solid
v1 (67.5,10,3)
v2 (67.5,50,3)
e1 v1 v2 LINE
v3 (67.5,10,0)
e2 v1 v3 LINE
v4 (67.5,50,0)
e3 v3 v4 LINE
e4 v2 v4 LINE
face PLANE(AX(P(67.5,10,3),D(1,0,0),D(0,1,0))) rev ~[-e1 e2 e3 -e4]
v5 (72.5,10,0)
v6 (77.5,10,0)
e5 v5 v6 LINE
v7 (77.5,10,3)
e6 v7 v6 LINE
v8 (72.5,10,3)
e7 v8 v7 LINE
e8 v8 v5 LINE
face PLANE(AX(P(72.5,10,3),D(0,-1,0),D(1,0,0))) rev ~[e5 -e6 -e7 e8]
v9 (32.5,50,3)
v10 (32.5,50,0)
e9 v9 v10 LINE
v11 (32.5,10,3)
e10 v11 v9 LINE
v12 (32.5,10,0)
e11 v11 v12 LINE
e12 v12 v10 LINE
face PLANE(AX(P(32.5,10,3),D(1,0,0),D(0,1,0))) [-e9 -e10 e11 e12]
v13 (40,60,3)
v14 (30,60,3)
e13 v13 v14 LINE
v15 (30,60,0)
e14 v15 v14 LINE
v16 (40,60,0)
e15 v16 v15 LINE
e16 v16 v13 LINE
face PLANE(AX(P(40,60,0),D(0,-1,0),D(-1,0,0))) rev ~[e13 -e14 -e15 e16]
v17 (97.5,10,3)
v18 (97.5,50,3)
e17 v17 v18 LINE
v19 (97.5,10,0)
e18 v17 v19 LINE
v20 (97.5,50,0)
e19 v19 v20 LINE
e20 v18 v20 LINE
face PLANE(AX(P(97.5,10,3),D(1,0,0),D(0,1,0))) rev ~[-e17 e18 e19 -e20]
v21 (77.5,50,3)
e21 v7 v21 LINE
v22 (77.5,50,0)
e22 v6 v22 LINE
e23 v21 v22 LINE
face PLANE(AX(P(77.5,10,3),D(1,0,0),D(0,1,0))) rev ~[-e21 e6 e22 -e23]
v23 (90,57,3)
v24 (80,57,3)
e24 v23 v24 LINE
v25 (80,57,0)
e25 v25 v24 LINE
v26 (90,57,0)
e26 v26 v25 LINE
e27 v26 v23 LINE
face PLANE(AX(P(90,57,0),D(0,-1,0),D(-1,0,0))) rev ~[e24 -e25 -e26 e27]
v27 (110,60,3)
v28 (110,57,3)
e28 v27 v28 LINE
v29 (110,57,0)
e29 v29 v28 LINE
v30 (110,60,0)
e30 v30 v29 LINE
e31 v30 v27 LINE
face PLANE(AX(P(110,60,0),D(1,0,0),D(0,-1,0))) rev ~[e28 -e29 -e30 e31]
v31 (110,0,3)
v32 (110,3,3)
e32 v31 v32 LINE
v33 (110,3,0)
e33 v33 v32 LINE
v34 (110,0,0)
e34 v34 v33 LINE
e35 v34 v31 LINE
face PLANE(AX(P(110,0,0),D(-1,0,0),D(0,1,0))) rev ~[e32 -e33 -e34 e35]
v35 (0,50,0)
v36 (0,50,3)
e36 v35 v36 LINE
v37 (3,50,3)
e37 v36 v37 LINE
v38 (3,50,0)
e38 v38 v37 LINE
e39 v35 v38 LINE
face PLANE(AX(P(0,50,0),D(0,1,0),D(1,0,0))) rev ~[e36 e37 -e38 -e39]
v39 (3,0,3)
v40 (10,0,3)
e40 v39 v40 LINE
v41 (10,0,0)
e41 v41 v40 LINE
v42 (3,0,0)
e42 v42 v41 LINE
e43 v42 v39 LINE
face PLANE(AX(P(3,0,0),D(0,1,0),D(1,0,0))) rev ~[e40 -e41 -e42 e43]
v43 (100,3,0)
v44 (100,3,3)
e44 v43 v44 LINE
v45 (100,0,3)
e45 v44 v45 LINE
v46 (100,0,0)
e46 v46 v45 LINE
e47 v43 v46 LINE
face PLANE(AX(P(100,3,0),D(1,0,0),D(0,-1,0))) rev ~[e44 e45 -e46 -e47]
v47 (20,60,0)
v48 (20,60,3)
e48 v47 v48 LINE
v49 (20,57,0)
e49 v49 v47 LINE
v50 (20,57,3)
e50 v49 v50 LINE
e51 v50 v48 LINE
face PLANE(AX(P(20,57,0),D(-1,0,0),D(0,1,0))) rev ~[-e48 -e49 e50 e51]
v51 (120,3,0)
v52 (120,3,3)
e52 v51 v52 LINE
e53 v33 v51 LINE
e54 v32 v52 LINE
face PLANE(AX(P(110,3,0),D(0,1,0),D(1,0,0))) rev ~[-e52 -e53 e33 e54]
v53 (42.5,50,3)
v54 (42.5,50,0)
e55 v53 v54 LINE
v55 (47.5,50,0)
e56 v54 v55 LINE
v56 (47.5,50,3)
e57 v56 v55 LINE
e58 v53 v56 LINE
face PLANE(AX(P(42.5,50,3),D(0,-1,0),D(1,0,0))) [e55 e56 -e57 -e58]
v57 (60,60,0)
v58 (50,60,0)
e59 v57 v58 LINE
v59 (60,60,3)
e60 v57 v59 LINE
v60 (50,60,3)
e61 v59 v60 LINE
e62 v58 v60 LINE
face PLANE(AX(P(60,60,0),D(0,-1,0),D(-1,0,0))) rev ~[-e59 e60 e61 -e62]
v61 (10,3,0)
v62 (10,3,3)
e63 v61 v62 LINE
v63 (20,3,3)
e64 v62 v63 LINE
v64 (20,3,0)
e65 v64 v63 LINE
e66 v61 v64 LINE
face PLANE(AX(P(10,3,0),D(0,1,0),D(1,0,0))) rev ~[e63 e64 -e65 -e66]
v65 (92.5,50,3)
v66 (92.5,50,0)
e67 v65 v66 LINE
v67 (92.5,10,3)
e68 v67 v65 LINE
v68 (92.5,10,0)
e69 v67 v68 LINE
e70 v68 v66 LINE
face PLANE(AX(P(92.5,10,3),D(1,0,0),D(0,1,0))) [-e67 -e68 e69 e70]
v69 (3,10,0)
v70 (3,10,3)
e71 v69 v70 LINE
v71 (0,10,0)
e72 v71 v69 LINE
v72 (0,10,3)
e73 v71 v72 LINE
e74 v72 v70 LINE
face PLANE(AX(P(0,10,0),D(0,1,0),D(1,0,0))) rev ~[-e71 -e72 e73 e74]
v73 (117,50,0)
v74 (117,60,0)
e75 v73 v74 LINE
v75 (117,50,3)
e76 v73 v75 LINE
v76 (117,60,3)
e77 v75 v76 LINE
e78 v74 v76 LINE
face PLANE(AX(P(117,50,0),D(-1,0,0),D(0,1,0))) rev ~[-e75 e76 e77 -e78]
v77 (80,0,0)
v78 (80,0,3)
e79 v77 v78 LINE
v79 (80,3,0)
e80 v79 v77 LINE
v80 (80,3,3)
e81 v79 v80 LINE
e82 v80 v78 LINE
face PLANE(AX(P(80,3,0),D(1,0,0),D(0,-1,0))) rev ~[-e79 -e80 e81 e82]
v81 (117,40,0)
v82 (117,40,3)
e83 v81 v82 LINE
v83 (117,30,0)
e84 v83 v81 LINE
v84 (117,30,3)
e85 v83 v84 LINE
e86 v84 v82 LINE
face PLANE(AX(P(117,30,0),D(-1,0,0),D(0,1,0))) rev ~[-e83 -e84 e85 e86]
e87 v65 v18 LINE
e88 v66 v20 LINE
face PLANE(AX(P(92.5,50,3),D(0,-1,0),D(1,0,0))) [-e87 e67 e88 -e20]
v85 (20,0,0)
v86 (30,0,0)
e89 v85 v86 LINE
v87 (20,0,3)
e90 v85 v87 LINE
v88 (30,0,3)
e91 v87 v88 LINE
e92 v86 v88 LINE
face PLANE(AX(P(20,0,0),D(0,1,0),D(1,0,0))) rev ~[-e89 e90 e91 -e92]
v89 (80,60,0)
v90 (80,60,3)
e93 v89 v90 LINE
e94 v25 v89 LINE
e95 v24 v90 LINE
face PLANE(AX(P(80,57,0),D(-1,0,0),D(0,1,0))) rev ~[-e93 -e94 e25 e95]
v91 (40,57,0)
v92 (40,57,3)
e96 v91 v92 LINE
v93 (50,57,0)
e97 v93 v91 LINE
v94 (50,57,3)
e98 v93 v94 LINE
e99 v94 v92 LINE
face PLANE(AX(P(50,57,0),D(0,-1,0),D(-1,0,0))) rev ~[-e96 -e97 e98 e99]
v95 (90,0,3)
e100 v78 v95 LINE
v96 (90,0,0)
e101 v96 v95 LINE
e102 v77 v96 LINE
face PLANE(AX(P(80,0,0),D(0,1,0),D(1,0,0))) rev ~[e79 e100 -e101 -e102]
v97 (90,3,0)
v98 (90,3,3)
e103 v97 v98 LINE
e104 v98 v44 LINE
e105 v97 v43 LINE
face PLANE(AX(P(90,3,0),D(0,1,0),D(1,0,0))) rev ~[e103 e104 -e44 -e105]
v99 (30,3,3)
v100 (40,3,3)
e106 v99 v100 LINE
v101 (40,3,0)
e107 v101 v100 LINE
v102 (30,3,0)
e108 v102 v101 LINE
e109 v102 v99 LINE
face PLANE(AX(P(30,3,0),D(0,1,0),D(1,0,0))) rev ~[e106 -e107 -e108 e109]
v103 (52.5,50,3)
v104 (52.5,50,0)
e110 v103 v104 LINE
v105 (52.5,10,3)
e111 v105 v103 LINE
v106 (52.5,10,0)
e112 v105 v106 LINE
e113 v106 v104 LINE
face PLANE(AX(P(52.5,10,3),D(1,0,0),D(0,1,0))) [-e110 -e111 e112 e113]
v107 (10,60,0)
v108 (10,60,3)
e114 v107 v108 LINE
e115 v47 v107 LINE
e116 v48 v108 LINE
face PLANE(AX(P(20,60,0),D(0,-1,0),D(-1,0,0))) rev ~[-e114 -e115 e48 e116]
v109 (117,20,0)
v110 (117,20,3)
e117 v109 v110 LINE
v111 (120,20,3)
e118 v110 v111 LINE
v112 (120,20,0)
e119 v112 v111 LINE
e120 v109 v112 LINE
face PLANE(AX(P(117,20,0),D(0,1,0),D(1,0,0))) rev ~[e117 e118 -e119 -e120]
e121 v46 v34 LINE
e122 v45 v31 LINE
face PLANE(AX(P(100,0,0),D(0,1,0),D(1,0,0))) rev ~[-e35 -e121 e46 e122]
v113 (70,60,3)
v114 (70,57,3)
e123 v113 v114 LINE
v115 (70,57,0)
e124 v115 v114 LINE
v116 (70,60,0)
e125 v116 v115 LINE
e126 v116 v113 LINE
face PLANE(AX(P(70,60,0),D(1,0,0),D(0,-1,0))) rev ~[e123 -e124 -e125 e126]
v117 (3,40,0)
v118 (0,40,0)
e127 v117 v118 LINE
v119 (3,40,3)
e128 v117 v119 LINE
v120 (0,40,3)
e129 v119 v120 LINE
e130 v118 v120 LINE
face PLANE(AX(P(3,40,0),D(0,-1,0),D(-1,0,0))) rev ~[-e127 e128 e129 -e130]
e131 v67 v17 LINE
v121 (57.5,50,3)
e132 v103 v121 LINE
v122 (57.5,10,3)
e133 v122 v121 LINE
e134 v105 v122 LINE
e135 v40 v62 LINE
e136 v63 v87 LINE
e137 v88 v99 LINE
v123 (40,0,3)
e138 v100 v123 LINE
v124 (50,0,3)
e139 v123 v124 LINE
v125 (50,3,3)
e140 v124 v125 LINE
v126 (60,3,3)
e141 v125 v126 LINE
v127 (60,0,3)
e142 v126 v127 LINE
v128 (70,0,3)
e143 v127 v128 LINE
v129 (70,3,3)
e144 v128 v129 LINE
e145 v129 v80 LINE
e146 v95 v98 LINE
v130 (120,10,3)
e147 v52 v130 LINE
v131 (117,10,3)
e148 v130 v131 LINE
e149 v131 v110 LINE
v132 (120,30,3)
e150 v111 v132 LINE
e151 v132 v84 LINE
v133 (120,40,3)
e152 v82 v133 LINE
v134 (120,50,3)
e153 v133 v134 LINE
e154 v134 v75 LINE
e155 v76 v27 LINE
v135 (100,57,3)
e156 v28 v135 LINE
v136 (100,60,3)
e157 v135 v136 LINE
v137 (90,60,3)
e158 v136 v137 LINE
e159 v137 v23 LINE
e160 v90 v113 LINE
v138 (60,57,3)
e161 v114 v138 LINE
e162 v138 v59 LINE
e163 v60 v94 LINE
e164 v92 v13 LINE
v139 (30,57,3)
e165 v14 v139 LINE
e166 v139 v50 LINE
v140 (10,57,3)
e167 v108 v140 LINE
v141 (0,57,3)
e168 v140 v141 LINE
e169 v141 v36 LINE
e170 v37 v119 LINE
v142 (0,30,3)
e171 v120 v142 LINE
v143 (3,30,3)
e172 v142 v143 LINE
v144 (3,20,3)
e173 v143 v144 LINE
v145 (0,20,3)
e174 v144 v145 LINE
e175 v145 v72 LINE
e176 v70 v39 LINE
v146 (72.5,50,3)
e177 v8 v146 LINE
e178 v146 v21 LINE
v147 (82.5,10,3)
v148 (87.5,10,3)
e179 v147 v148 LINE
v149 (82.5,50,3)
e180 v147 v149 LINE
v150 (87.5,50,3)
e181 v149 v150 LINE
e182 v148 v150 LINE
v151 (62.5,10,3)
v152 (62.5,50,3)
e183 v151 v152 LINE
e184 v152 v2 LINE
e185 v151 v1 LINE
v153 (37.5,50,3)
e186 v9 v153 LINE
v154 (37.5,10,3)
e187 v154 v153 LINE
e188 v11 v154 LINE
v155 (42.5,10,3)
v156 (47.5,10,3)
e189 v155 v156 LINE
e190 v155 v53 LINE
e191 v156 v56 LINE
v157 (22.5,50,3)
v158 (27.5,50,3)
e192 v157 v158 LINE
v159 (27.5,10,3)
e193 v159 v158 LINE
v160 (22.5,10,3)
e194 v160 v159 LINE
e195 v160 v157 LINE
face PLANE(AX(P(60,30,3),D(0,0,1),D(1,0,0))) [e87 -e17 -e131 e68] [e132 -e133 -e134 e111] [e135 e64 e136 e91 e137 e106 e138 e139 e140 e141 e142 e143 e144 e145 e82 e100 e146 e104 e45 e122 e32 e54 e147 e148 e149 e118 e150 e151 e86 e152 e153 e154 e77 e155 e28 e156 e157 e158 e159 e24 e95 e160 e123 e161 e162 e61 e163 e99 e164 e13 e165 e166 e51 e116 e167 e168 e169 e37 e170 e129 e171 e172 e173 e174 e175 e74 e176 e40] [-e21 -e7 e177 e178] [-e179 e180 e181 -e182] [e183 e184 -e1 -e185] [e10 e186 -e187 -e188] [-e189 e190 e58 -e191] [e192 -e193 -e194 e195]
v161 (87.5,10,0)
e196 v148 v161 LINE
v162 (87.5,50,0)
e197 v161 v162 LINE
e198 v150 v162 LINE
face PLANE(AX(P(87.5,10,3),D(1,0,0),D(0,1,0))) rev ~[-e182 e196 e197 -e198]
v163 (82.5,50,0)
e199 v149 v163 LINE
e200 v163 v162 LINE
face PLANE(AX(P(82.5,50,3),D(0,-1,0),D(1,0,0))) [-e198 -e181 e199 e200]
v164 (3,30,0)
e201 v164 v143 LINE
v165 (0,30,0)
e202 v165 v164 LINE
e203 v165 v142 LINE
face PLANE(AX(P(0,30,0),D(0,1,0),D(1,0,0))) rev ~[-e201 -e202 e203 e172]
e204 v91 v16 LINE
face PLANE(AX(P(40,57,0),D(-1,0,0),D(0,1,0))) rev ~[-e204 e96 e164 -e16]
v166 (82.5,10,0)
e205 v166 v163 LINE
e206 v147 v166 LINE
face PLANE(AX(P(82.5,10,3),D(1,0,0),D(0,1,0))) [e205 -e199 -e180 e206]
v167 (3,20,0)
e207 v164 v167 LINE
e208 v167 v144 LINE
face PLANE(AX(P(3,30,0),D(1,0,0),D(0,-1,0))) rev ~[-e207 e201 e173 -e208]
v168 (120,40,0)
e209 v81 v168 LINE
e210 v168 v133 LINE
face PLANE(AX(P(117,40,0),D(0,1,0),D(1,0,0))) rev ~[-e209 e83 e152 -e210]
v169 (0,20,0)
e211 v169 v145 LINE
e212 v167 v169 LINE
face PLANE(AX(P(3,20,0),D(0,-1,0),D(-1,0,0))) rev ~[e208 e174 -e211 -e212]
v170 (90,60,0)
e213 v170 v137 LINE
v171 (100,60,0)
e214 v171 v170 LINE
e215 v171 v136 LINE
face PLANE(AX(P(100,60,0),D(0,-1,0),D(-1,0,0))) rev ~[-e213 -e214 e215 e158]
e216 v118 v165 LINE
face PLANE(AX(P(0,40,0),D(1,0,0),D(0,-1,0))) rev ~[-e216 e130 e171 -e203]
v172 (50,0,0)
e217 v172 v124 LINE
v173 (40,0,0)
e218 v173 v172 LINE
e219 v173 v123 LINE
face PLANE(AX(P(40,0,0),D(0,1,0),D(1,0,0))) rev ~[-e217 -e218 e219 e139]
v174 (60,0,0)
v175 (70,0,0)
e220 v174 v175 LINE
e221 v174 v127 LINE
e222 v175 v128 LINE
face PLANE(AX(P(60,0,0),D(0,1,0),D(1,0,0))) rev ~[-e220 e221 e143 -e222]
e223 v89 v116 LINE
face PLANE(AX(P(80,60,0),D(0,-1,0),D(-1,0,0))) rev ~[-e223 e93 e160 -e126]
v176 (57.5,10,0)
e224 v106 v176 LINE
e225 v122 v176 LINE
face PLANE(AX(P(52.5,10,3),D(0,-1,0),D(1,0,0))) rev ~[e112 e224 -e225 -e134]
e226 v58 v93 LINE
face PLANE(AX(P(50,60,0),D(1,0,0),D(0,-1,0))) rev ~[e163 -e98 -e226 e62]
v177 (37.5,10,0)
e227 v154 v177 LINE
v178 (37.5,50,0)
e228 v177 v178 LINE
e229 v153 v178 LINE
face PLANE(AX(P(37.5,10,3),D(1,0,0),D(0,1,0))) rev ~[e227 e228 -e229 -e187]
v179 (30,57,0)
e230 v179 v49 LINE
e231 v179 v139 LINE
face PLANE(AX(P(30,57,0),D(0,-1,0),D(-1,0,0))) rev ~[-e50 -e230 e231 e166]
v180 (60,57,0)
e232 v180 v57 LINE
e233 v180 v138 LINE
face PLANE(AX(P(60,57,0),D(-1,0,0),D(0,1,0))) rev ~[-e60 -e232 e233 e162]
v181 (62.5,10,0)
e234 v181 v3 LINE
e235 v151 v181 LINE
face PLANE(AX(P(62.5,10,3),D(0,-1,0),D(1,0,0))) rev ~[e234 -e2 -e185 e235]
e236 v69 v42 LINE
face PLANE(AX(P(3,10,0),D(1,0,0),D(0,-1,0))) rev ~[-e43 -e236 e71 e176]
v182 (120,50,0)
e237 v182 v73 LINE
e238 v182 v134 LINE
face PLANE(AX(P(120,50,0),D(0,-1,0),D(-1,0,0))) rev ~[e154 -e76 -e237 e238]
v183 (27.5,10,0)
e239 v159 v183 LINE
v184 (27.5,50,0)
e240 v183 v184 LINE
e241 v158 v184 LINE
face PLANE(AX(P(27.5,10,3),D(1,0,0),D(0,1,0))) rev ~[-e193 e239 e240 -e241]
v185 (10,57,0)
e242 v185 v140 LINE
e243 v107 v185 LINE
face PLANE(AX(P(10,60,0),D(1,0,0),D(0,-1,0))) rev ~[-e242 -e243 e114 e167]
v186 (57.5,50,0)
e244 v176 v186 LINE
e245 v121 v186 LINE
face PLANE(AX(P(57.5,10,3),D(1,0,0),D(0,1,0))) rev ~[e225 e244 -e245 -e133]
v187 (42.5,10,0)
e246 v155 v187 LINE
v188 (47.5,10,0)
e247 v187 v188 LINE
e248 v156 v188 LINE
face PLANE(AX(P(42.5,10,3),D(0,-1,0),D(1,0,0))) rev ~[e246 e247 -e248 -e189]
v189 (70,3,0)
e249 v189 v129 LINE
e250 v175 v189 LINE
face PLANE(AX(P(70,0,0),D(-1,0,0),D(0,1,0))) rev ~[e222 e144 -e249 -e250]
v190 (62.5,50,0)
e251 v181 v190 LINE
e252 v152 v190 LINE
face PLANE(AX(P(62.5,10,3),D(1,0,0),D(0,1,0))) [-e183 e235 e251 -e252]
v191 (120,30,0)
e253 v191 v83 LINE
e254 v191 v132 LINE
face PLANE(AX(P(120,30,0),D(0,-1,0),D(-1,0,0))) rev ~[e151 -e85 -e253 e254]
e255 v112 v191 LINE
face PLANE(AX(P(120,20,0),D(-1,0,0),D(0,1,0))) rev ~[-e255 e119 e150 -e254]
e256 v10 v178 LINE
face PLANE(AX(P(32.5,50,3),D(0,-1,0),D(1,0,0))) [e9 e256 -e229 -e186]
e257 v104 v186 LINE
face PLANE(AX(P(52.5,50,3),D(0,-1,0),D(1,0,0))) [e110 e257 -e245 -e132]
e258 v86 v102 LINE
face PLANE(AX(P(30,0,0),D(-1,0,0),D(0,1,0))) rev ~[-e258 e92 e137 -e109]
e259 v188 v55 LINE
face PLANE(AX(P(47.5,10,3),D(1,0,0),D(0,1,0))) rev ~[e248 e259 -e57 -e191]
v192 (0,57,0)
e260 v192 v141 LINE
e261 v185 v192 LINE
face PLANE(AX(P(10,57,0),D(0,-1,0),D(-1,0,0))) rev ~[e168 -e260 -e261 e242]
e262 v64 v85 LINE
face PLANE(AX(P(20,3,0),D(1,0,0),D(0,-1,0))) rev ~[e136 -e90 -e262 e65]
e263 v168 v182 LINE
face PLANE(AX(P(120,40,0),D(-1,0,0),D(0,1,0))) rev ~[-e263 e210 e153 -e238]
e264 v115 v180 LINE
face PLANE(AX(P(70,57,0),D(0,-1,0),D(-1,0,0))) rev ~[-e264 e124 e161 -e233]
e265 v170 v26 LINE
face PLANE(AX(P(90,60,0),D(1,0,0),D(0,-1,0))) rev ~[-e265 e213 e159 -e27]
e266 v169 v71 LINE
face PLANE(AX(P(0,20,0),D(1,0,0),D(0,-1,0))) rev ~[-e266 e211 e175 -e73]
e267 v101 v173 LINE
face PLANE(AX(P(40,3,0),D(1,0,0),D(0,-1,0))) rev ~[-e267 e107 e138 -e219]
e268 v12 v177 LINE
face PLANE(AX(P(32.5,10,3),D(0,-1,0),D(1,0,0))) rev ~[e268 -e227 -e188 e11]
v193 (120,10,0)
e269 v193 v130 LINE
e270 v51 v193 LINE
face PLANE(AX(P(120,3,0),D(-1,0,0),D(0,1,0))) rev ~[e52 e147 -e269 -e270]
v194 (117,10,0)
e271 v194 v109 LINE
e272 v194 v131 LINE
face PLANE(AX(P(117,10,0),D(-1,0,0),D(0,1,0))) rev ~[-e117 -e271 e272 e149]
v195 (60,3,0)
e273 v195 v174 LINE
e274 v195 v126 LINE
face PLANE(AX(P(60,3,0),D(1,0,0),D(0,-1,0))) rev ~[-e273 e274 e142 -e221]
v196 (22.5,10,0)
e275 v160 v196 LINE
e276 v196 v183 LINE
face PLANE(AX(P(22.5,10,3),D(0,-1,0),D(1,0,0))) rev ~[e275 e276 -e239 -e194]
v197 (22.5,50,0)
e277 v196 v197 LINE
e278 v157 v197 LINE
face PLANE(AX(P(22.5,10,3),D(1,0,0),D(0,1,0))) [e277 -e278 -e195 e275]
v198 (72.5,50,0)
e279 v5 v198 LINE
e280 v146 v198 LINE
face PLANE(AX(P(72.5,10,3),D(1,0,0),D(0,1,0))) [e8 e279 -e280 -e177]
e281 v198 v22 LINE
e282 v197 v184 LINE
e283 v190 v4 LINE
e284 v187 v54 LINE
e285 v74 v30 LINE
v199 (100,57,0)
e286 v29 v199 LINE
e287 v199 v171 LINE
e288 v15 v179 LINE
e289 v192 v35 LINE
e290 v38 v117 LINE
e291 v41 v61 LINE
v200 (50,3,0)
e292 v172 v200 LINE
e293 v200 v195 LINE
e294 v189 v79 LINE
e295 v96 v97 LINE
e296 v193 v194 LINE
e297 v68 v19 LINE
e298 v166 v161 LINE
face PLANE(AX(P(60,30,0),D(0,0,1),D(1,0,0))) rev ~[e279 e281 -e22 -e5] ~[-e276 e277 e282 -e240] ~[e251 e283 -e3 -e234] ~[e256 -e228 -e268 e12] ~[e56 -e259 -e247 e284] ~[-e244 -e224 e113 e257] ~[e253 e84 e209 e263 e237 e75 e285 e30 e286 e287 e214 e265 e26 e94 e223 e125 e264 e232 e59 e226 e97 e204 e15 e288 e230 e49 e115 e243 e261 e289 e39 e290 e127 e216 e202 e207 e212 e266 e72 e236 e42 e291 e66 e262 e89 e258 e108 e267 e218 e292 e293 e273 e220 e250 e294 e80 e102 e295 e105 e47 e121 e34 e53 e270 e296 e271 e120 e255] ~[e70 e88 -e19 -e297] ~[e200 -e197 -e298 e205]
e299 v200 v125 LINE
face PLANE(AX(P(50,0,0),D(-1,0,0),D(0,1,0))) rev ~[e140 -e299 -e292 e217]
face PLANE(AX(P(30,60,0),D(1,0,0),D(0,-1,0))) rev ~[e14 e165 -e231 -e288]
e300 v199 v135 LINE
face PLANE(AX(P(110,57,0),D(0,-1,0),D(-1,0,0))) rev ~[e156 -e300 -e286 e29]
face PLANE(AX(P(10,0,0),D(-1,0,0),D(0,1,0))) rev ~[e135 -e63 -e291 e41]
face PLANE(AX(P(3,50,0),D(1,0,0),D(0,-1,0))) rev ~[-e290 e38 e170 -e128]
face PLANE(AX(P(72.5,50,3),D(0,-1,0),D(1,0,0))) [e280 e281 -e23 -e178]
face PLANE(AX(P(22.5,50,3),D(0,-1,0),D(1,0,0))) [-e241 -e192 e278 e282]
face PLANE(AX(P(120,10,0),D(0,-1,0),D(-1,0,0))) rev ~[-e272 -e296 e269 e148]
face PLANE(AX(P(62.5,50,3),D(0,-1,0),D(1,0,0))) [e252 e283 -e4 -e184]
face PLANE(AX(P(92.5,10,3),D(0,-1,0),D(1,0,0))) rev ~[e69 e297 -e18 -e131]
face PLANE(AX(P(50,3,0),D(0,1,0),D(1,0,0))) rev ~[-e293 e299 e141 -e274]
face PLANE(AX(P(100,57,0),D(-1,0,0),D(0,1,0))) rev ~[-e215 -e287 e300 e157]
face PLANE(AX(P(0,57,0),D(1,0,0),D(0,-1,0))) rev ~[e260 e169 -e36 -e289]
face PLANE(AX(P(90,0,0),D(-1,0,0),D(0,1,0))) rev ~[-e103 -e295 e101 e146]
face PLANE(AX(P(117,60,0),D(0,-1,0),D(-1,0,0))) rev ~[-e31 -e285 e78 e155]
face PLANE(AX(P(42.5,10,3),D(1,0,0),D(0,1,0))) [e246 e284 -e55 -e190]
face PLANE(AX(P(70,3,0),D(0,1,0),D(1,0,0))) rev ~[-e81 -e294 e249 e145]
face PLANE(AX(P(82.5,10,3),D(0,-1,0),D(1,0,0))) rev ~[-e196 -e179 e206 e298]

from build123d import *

# Parameters (mm, degrees)
BOSS_EXTRUDE1_DEPTH = 3
SKETCH2_W           = 5
SKETCH2_H           = 40
CUT_EXTRUDE1_DEPTH  = 10


with BuildPart() as part:
    # Sketch1 → Boss-Extrude1 (new body)
    with BuildSketch(Plane.XY):
        Polygon((120, 3), (120, 10), (117, 10), (117, 20), (120, 20), (120, 30), (117, 30), (117, 40), (120, 40), (120, 50), (117, 50), (117, 60), (110, 60), (110, 57), (100, 57), (100, 60), (90, 60), (90, 57), (80, 57), (80, 60), (70, 60), (70, 57), (60, 57), (60, 60), (50, 60), (50, 57), (40, 57), (40, 60), (30, 60), (30, 57), (20, 57), (20, 60), (10, 60), (10, 57), (0, 57), (0, 50), (3, 50), (3, 40), (0, 40), (0, 30), (3, 30), (3, 20), (0, 20), (0, 10), (3, 10), (3, 0), (10, 0), (10, 3), (20, 3), (20, 0), (30, 0), (30, 3), (40, 3), (40, 0), (50, 0), (50, 3), (60, 3), (60, 0), (70, 0), (70, 3), (80, 3), (80, 0), (90, 0), (90, 3), (100, 3), (100, 0), (110, 0), (110, 3), align=None)
    extrude(amount=BOSS_EXTRUDE1_DEPTH)

    # Sketch2 → Cut-Extrude1 (cut)
    with BuildSketch(Plane.XY.offset(3)):
        with Locations((25, 30)):
            Rectangle(SKETCH2_W, SKETCH2_H)
        with Locations((35, 30)):
            Rectangle(SKETCH2_W, SKETCH2_H)
        with Locations((45, 30)):
            Rectangle(SKETCH2_W, SKETCH2_H)
        with Locations((55, 30)):
            Rectangle(SKETCH2_W, SKETCH2_H)
        with Locations((65, 30)):
            Rectangle(SKETCH2_W, SKETCH2_H)
        with Locations((75, 30)):
            Rectangle(SKETCH2_W, SKETCH2_H)
        with Locations((85, 30)):
            Rectangle(SKETCH2_W, SKETCH2_H)
        with Locations((95, 30)):
            Rectangle(SKETCH2_W, SKETCH2_H)
    extrude(amount=-CUT_EXTRUDE1_DEPTH, mode=Mode.SUBTRACT)


solid = part.part
